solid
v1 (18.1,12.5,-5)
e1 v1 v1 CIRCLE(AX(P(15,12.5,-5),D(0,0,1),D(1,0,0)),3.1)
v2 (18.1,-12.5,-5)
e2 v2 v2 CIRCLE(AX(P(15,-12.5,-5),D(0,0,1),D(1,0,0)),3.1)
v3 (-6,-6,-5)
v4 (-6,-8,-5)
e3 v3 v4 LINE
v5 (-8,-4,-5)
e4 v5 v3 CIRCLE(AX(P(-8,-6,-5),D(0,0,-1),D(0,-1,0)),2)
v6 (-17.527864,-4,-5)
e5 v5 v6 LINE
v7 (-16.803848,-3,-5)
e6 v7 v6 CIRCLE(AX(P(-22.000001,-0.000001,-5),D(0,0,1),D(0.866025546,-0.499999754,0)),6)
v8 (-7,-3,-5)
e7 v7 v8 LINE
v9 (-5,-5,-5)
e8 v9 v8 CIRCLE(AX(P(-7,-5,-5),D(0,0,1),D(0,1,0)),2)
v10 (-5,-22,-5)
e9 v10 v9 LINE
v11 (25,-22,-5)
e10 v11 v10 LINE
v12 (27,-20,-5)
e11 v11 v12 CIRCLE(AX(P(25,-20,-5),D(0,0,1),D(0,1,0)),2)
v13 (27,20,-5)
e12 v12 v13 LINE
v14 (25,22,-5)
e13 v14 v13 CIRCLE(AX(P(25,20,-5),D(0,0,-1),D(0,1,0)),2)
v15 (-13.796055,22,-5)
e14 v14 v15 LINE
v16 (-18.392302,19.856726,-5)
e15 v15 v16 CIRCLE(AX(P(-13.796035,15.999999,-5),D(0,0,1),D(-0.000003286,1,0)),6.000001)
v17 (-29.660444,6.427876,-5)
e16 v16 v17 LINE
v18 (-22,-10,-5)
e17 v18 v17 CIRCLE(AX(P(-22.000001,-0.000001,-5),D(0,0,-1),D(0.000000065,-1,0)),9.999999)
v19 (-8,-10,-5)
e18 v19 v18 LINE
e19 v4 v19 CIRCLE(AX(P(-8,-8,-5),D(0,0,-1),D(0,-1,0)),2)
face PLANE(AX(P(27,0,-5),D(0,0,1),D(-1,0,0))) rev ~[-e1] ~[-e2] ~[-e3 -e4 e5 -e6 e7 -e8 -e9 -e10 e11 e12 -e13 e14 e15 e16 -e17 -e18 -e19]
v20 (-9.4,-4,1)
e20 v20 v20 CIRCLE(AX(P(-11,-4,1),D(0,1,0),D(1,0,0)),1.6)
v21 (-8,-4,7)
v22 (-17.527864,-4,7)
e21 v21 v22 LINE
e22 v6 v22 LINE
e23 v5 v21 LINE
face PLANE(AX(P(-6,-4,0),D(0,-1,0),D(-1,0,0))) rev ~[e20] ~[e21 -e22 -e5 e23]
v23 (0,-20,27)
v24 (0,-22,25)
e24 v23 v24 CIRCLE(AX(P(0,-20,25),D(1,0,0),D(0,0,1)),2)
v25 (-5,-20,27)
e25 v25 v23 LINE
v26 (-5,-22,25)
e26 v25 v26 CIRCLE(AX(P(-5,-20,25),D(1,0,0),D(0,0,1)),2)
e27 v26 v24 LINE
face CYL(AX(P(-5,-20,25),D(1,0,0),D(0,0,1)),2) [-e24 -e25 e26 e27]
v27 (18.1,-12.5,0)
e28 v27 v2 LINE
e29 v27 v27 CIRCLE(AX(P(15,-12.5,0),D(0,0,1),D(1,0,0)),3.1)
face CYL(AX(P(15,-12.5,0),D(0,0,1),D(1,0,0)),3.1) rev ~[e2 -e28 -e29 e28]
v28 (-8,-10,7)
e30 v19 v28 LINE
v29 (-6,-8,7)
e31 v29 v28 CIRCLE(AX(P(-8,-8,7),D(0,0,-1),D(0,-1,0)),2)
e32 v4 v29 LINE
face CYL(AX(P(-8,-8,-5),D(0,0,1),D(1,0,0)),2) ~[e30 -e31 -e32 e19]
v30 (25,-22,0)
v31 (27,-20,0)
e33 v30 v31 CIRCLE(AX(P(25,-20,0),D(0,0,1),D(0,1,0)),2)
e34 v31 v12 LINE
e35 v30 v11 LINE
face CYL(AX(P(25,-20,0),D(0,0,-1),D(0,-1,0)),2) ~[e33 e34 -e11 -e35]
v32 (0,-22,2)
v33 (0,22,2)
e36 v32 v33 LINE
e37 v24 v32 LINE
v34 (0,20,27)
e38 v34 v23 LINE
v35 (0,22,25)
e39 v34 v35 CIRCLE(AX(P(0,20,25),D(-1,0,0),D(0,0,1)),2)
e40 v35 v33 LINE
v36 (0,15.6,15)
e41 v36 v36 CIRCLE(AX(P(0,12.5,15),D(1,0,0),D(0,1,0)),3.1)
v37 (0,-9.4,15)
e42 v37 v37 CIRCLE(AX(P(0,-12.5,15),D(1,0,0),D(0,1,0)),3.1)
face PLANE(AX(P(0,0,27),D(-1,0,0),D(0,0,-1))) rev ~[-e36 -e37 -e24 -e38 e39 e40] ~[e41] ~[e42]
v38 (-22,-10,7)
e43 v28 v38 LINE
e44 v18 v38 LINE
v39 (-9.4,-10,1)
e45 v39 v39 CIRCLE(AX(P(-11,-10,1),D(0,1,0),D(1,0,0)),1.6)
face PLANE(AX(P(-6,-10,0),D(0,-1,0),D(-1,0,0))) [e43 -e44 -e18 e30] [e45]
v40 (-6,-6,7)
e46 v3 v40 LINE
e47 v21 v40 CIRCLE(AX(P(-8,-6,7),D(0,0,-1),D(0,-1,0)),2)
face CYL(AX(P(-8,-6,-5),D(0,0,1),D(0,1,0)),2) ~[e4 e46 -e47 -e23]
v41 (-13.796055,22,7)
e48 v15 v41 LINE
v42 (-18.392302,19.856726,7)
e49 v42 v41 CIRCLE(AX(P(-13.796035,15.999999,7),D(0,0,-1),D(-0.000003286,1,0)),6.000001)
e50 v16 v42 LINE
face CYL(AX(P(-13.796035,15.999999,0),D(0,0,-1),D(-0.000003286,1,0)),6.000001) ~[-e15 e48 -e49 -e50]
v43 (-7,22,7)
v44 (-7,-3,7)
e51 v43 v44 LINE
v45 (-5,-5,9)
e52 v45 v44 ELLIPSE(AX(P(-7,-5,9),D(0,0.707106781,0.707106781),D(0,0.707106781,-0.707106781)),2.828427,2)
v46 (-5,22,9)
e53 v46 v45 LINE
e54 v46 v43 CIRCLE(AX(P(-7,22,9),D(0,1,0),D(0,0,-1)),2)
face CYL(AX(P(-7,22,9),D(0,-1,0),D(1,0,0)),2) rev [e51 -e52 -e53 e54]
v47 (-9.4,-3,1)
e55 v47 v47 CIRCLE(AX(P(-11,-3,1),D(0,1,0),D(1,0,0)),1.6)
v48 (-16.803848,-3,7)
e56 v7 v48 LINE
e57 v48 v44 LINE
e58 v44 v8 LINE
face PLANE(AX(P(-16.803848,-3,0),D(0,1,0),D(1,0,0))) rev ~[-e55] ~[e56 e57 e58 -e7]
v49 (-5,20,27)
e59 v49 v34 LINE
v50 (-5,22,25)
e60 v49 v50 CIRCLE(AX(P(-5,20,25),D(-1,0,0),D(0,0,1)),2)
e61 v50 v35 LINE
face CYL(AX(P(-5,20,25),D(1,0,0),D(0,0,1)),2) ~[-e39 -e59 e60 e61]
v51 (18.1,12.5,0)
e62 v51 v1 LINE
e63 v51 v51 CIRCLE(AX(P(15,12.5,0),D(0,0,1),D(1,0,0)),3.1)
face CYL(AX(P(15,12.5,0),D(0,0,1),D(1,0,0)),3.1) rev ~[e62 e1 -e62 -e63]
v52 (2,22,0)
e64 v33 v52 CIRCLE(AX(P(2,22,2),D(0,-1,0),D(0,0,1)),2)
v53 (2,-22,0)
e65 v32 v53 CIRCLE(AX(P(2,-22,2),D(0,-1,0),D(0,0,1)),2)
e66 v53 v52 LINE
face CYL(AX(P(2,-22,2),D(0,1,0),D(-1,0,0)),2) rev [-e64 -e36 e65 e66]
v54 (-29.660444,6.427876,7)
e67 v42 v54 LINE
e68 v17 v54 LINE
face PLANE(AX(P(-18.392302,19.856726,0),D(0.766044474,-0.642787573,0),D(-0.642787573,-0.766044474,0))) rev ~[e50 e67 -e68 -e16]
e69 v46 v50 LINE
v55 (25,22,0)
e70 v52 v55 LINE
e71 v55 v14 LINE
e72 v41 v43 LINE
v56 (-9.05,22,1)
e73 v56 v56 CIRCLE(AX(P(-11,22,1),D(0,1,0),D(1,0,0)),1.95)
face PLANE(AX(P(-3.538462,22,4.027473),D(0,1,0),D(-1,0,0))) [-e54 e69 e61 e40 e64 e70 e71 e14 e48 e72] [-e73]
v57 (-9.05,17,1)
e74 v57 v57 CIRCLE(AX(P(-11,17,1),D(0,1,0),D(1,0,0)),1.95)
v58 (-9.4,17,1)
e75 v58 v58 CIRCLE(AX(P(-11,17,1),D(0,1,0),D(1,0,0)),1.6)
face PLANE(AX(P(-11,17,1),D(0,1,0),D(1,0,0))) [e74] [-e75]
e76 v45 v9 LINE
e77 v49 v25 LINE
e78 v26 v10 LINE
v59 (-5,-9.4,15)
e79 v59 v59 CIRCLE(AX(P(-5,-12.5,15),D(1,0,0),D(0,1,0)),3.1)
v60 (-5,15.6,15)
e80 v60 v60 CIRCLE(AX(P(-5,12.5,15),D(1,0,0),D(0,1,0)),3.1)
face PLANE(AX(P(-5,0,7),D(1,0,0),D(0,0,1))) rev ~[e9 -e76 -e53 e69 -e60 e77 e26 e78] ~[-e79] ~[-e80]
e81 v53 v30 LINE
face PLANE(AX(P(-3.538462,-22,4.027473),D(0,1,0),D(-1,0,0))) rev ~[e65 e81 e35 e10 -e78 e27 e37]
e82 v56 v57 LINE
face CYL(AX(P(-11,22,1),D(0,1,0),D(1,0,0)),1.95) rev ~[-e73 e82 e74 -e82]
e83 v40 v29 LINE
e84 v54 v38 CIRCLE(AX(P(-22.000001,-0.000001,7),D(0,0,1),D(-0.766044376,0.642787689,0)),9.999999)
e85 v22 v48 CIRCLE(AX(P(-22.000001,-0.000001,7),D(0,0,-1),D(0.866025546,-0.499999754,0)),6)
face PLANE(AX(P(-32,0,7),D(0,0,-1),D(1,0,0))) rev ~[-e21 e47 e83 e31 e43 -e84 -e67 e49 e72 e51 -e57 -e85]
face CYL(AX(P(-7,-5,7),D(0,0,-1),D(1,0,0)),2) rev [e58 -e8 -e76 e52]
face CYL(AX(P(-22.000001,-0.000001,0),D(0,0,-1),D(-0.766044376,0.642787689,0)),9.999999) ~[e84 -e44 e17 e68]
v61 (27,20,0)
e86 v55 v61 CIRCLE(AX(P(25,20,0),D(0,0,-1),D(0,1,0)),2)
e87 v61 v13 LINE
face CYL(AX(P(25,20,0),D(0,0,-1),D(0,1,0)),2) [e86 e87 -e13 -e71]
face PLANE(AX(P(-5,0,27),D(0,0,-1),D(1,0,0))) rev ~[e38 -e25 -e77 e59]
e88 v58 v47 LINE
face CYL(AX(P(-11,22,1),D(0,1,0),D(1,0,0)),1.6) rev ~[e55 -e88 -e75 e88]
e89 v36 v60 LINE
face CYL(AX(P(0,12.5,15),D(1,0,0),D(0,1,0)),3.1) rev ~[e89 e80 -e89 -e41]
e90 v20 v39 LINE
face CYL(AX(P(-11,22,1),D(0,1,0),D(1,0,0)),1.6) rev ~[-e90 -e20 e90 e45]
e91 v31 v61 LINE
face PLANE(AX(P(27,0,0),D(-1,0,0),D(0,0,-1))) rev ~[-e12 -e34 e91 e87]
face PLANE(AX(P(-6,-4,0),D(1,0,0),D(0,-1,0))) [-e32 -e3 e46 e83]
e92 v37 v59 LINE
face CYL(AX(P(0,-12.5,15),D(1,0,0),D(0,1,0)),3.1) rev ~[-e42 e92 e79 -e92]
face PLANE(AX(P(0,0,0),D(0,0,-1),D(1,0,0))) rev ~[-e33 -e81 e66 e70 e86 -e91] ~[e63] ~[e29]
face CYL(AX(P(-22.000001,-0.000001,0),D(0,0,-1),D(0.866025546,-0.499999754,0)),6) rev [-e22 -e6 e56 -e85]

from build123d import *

# Parameters (mm, degrees)
PAD_DEPTH         = 22
SKETCH001_R       = 3.1
POCKET_DEPTH      = 5.001
POCKET_DEPTH_BACK = -27.001
SKETCH002_R       = 3.1
POCKET001_DEPTH   = 5
SKETCH003_R       = 1.6
POCKET002_DEPTH   = 44.001
FILLET_R          = 2
SKETCH004_R       = 1.95
POCKET003_DEPTH   = 5


with BuildPart() as part:
    # Sketch → Pad (new body, symmetric)
    with BuildSketch(Plane.XZ):
        Polygon((0, 27), (0, 0), (27, 0), (27, -5), (-32, -5), (-32, 7), (-5, 7), (-5, 27), align=None)
    extrude(amount=PAD_DEPTH, both=True)

    # Sketch001 → Pocket (cut, two sides)
    with BuildSketch(Plane.XY) as pocket_sk:
        with Locations((15, 12.5)):
            Circle(SKETCH001_R)
        with Locations((15, -12.5)):
            Circle(SKETCH001_R)
        with BuildLine():
            ThreePointArc((-16.803848, -3), (-26.859933, 3.518672), (-17.527864, -4))
            Line((-6, -4), (-17.527864, -4))
            Line((-6, -4), (-6, -10))
            Line((-6, -10), (-22, -10))
            ThreePointArc((-29.660444, 6.427876), (-31.063078, -4.226183), (-22, -10))
            Line((-18.392302, 19.856726), (-29.660444, 6.427876))
            ThreePointArc((-13.796055, 22), (-16.331753, 21.437843), (-18.392302, 19.856726))
            Line((-13.796055, 22), (-13.796055, 28.799225))
            Line((-13.796055, 28.799225), (-40.339119, 28.799225))
            Line((-40.339119, 28.799225), (-40.339119, -28.958258))
            Line((-40.339119, -28.958258), (-5, -28.958258))
            Line((-5, -28.958258), (-5, -3))
            Line((-16.803848, -3), (-5, -3))
        make_face()
    extrude(amount=-POCKET_DEPTH, mode=Mode.SUBTRACT)
    extrude(pocket_sk.sketch, amount=-POCKET_DEPTH_BACK, mode=Mode.SUBTRACT)

    # Sketch002 → Pocket001 (cut)
    with BuildSketch(Plane.YZ):
        with Locations((-12.5, 15)):
            Circle(SKETCH002_R)
        with Locations((12.5, 15)):
            Circle(SKETCH002_R)
    extrude(amount=-POCKET001_DEPTH, mode=Mode.SUBTRACT)

    # Sketch003 (on Face5 of Pocket001) → Pocket002 (cut, through all)
    with BuildSketch(Plane(origin=(0, 22, 0), x_dir=(1, 0, 0), z_dir=(0, 1, 0))):
        with Locations((-11, -1)):
            Circle(SKETCH003_R)
    extrude(amount=-POCKET002_DEPTH, mode=Mode.SUBTRACT)

    # Fillet
    fillet_edges = [part.edges().sort_by_distance(p)[0] for p in [
        (-6, -4, 1),
        (-6, -10, 1),
        (-5, -3, 1),
        (-5, 9.5, 7),
        (27, -22, -2.5),
        (27, 22, -2.5),
        (0, 0, 0),
        (-2.5, -22, 27),
        (-2.5, 22, 27),
    ]]
    fillet(fillet_edges, radius=FILLET_R)

    # Sketch004 (on Face2 of Fillet) → Pocket003 (cut)
    with BuildSketch(Plane(origin=(0, 22, 0), x_dir=(1, 0, 0), z_dir=(0, 1, 0))):
        with Locations((-11, -1)):
            Circle(SKETCH004_R)
    extrude(amount=-POCKET003_DEPTH, mode=Mode.SUBTRACT)


solid = part.part
